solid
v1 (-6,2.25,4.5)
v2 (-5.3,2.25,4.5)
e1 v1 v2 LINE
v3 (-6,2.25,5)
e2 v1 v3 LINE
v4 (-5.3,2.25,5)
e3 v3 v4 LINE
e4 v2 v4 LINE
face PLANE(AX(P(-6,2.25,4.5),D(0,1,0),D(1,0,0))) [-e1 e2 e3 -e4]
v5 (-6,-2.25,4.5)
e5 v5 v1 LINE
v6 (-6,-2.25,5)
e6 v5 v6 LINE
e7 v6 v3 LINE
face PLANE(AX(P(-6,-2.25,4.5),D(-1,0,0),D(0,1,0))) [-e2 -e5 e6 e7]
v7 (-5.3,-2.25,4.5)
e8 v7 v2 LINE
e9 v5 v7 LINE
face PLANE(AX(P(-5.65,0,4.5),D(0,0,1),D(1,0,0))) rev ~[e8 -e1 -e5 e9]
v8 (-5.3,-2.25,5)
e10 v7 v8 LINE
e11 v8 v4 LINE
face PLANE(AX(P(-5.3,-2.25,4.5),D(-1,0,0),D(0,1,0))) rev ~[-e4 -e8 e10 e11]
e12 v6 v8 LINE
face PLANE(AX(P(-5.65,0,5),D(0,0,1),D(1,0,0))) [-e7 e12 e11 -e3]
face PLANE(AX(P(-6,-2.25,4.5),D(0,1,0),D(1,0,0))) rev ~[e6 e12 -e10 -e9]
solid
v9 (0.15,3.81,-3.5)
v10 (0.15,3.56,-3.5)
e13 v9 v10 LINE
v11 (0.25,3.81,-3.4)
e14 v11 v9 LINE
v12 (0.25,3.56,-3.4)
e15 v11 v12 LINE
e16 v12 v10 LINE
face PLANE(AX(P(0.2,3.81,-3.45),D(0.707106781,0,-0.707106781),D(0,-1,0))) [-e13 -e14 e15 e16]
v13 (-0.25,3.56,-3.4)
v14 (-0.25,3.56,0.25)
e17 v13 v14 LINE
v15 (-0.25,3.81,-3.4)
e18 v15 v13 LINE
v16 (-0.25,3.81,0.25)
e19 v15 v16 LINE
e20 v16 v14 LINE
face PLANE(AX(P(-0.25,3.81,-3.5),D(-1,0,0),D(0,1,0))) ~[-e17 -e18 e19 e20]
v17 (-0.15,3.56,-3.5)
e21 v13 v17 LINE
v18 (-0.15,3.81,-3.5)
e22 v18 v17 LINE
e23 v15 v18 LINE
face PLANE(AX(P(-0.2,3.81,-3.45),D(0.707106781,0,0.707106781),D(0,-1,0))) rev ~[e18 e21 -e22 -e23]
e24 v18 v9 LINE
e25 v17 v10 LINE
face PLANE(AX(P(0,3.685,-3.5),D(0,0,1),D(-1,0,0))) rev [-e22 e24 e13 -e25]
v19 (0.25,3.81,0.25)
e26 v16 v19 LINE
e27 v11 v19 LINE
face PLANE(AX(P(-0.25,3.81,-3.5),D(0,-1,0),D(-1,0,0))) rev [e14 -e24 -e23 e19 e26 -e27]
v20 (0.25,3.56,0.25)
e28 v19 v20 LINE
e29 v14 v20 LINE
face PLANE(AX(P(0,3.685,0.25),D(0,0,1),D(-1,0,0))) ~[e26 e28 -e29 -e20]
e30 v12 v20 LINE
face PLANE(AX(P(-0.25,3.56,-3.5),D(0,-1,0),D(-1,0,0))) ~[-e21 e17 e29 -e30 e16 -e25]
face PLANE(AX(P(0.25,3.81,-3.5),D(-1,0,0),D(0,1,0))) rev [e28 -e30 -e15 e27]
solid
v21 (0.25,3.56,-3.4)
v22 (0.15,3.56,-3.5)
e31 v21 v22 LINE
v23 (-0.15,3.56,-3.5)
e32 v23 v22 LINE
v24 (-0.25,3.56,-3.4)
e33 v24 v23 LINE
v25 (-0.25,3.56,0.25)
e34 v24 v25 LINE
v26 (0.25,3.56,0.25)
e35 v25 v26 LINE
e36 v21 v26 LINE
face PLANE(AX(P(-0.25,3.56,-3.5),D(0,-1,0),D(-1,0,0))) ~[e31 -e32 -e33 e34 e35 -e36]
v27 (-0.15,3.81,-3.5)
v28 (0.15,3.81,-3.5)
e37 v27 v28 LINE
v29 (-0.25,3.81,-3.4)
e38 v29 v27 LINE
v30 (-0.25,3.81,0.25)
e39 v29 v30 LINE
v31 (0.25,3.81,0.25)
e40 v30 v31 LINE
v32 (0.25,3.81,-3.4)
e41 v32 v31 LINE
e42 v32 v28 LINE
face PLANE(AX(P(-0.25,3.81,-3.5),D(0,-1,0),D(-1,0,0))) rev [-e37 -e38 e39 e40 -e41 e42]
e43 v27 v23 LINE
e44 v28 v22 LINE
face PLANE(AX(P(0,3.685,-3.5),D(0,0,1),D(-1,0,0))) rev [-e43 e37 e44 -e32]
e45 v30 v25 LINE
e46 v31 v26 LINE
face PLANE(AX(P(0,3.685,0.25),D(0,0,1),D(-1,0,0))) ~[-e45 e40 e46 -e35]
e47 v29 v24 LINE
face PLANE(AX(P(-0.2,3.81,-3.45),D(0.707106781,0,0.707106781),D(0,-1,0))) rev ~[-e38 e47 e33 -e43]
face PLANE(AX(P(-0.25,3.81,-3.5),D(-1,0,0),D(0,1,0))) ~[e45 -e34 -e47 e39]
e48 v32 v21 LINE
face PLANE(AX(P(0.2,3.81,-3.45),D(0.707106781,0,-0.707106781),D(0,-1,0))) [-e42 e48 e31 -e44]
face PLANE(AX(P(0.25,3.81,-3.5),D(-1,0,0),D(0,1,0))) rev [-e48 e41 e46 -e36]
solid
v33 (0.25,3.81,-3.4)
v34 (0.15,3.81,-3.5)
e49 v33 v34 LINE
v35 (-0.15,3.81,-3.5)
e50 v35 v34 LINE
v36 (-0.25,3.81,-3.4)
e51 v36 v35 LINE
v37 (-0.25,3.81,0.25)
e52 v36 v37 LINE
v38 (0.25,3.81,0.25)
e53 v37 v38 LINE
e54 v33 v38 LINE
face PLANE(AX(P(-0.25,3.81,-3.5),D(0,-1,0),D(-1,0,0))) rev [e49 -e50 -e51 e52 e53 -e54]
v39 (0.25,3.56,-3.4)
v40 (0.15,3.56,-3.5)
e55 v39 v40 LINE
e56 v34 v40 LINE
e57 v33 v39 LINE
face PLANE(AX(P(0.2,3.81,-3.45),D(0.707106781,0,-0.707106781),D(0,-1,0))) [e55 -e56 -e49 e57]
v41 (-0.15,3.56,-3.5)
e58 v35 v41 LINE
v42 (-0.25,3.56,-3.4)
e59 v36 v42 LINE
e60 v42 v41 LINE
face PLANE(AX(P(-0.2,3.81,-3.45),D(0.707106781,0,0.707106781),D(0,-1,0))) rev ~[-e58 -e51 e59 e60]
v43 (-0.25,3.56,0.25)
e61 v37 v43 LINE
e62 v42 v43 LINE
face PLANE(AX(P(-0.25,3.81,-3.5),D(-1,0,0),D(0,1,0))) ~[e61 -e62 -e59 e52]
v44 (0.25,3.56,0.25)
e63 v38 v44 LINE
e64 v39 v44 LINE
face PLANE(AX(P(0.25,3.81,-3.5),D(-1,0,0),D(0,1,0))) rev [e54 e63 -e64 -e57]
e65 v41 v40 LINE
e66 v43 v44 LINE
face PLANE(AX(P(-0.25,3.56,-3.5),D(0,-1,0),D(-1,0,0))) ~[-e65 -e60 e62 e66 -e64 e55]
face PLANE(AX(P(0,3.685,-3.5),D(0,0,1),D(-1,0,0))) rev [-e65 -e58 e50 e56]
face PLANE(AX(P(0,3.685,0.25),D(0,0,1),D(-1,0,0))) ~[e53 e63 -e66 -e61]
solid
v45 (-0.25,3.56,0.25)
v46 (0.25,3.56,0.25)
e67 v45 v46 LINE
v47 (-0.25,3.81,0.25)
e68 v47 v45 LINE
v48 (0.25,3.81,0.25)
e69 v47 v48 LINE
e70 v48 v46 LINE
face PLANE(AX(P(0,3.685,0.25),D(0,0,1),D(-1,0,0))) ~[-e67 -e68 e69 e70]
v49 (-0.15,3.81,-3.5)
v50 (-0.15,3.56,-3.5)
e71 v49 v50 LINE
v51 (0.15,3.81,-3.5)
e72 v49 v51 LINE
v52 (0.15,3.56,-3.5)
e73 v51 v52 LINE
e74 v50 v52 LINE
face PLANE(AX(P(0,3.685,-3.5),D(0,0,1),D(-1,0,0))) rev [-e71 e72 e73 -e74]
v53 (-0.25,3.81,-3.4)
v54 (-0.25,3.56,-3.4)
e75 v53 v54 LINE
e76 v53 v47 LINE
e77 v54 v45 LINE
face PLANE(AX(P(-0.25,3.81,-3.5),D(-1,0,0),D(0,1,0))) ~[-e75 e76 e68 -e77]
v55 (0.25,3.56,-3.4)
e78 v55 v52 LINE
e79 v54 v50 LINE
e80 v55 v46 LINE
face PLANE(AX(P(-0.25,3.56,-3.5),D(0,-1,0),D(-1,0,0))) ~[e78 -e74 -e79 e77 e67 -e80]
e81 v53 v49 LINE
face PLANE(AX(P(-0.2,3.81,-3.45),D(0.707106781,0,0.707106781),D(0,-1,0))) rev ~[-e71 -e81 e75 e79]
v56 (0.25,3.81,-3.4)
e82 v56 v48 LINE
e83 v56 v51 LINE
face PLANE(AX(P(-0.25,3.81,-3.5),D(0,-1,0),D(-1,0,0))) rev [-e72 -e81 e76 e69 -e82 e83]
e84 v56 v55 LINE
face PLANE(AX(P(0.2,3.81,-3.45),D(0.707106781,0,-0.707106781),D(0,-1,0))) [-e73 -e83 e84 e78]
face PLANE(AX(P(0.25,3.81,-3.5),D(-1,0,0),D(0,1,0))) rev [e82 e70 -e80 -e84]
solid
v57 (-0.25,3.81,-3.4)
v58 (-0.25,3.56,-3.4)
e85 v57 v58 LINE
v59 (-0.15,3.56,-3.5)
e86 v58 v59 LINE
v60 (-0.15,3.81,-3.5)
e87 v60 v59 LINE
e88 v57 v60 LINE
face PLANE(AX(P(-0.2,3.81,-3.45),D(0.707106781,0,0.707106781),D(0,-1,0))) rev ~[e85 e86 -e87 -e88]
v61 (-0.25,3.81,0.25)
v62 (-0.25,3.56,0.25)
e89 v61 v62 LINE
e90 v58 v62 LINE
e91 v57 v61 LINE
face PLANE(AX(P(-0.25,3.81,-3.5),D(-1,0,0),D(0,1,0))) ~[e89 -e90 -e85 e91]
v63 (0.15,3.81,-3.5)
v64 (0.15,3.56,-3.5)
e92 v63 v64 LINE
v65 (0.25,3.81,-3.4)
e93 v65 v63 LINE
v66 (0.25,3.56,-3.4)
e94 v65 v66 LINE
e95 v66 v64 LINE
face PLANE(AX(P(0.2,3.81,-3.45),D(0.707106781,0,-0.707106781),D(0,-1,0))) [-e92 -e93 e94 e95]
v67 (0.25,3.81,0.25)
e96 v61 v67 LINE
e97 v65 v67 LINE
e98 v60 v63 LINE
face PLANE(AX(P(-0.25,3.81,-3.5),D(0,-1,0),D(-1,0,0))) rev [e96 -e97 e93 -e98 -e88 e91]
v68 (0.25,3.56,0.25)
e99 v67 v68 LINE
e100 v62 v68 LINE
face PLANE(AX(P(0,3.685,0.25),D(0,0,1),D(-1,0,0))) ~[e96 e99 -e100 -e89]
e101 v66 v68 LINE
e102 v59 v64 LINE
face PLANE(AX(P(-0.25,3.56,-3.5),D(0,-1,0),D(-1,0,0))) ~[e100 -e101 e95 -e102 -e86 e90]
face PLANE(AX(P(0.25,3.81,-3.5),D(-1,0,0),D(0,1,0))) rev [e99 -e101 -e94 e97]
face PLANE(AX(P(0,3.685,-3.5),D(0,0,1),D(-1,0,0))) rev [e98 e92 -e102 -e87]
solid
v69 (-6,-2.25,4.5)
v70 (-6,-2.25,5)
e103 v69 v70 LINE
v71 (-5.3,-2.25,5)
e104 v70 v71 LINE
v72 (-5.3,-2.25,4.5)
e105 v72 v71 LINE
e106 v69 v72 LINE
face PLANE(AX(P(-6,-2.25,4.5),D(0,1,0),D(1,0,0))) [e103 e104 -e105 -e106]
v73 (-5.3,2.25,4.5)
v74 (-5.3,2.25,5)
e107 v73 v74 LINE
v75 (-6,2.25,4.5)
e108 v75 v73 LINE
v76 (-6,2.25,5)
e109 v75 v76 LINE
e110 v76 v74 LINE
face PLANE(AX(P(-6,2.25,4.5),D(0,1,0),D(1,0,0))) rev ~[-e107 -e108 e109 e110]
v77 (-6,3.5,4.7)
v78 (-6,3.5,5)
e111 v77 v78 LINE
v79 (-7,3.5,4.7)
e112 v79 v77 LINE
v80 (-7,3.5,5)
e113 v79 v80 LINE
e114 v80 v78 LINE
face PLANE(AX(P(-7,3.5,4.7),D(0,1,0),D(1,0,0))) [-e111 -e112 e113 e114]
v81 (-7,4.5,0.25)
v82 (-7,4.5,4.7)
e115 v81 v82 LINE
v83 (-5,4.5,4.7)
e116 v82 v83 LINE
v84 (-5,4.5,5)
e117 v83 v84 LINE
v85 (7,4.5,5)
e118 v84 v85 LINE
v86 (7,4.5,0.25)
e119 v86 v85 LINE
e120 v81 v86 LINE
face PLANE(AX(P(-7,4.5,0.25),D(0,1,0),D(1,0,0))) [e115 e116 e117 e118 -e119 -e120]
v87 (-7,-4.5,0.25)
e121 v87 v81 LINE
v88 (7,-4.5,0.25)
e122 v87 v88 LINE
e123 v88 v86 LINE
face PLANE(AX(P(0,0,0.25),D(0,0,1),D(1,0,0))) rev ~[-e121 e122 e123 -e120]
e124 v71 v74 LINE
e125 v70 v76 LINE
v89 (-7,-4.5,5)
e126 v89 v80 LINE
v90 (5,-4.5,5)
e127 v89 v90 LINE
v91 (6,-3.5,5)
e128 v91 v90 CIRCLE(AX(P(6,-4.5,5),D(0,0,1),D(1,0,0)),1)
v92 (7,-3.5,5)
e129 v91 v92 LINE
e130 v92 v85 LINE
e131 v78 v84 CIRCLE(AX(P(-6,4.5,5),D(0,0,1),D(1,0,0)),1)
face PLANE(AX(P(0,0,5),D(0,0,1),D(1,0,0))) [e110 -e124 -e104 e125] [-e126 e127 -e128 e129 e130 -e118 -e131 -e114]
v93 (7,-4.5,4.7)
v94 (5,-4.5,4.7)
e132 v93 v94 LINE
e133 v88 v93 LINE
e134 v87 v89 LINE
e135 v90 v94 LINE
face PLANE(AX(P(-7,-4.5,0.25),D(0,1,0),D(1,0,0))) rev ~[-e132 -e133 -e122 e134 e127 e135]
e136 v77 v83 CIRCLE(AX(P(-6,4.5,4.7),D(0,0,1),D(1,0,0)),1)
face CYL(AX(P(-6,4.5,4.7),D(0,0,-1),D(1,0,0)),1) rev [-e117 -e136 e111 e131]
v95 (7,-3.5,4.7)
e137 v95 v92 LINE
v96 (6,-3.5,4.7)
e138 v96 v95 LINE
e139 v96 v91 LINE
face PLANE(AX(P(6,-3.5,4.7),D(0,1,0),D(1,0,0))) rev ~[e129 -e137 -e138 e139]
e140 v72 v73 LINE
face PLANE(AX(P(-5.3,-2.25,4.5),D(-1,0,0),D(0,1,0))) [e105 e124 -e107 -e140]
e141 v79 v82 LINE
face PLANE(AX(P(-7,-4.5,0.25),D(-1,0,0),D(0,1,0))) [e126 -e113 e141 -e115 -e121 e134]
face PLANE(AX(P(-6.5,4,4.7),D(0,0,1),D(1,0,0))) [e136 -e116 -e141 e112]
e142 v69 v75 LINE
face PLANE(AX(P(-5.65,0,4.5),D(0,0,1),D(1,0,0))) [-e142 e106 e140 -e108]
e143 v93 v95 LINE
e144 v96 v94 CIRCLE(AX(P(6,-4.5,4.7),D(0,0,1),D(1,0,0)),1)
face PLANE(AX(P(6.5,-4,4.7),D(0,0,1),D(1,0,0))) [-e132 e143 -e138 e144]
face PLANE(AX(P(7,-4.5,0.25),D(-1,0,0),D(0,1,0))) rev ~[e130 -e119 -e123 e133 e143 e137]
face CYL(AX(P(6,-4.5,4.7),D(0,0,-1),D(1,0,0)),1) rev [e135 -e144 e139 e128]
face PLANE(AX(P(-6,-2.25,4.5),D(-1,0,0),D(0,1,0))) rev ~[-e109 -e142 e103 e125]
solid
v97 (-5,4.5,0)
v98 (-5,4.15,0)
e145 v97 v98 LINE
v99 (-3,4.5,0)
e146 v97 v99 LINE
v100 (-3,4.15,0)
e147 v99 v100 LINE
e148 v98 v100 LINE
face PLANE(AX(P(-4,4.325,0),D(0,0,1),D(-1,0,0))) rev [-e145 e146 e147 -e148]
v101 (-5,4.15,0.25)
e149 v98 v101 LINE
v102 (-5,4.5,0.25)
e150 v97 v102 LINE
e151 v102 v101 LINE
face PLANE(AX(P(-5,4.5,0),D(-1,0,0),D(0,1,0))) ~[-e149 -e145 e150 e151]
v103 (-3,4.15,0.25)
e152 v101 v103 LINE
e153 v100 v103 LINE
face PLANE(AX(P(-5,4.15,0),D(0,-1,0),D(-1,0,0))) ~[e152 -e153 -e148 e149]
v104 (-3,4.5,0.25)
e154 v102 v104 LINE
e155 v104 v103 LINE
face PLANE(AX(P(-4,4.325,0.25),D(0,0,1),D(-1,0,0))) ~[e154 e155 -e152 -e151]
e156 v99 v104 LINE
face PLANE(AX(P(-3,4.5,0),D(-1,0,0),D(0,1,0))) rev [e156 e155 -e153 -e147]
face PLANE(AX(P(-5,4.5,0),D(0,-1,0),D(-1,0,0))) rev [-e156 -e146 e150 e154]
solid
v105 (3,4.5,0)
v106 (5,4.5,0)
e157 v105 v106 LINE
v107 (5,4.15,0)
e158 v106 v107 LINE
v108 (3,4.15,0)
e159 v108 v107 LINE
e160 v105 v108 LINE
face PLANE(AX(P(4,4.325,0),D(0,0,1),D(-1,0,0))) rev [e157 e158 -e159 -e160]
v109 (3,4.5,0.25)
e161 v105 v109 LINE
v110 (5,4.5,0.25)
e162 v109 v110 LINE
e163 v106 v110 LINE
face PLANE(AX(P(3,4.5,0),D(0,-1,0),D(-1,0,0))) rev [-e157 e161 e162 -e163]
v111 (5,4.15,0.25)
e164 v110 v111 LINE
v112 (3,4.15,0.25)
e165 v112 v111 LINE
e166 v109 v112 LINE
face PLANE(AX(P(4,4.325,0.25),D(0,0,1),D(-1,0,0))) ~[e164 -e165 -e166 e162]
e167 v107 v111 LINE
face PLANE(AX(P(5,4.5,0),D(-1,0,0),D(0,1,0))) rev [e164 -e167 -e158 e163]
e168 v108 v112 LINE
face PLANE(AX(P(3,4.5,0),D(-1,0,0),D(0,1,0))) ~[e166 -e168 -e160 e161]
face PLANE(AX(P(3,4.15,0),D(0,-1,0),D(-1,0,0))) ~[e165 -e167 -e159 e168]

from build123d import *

# Parameters (mm, degrees)
BOX001_W          = 0.7
BOX001_H          = 4.5
BOX001_DEPTH      = 0.5
CYLINDER_R        = 1
CYLINDER_DEPTH    = 0.3
BOX003_W          = 1
BOX003_H          = 1
BOX003_DEPTH      = 0.3
CYLINDER001_R     = 1
CYLINDER001_DEPTH = 0.3
BOX004_W          = 1
BOX004_H          = 1
BOX004_DEPTH      = 0.3
BOX002_W          = 0.7
BOX002_H          = 4.5
BOX002_DEPTH      = 0.5
BOX_W             = 14
BOX_H             = 9
BOX_DEPTH         = 4.75
BOX006_W          = 0.5
BOX006_H          = 0.25
BOX006_DEPTH      = 3.75
CHAMFER_SIZE      = 0.1
CHAMFER001_SIZE   = 0.1
CHAMFER002_SIZE   = 0.1
CHAMFER003_SIZE   = 0.1
CHAMFER004_SIZE   = 0.1
BOX007_W          = 2
BOX007_H          = 0.35
BOX007_DEPTH      = 0.25
BOX005_W          = 2
BOX005_H          = 0.35
BOX005_DEPTH      = 0.25


with BuildPart() as cube001:
    # Box001 → Box001 (new body)
    with BuildSketch(Plane(origin=(-6, -2.25, 4.5), x_dir=(1, 0, 0), z_dir=(0, 0, 1))):
        with Locations((0.35, 2.25)):
            Rectangle(BOX001_W, BOX001_H)
    extrude(amount=BOX001_DEPTH)


with BuildPart() as cylinder:
    # Cylinder → Cylinder (new body)
    with BuildSketch(Plane(origin=(6, -4.5, 4.7), x_dir=(1, 0, 0), z_dir=(0, 0, 1))):
        Circle(CYLINDER_R)
    extrude(amount=CYLINDER_DEPTH)


with BuildPart() as cube003:
    # Box003 → Box003 (new body)
    with BuildSketch(Plane(origin=(6, -4.5, 4.7), x_dir=(1, 0, 0), z_dir=(0, 0, 1))):
        with Locations((0.5, 0.5)):
            Rectangle(BOX003_W, BOX003_H)
    extrude(amount=BOX003_DEPTH)


with BuildPart() as cylinder001:
    # Cylinder001 → Cylinder001 (new body)
    with BuildSketch(Plane(origin=(-6, 4.5, 4.7), x_dir=(1, 0, 0), z_dir=(0, 0, 1))):
        Circle(CYLINDER001_R)
    extrude(amount=CYLINDER001_DEPTH)


with BuildPart() as cube004:
    # Box004 → Box004 (new body)
    with BuildSketch(Plane(origin=(-7, 3.5, 4.7), x_dir=(1, 0, 0), z_dir=(0, 0, 1))):
        with Locations((0.5, 0.5)):
            Rectangle(BOX004_W, BOX004_H)
    extrude(amount=BOX004_DEPTH)


with BuildPart() as cube002:
    # Box002 → Box002 (new body)
    with BuildSketch(Plane(origin=(-6, -2.25, 4.5), x_dir=(1, 0, 0), z_dir=(0, 0, 1))):
        with Locations((0.35, 2.25)):
            Rectangle(BOX002_W, BOX002_H)
    extrude(amount=BOX002_DEPTH)


with BuildPart() as cut004:
    # Box → Box (new body)
    with BuildSketch(Plane(origin=(-7, -4.5, 0.25), x_dir=(1, 0, 0), z_dir=(0, 0, 1))):
        with Locations((7, 4.5)):
            Rectangle(BOX_W, BOX_H)
    extrude(amount=BOX_DEPTH)

    # Cut: cut Cube002
    add(cube002.part, mode=Mode.SUBTRACT)

    # Cut001: cut Cube004
    add(cube004.part, mode=Mode.SUBTRACT)

    # Cut002: cut Cylinder001
    add(cylinder001.part, mode=Mode.SUBTRACT)

    # Cut003: cut Cube003
    add(cube003.part, mode=Mode.SUBTRACT)

    # Cut004: cut Cylinder
    add(cylinder.part, mode=Mode.SUBTRACT)


with BuildPart() as cube006:
    # Box006 → Box006 (new body)
    with BuildSketch(Plane(origin=(-0.25, -3.81, -3.5), x_dir=(1, 0, 0), z_dir=(0, 0, 1))):
        with Locations((0.25, 0.125)):
            Rectangle(BOX006_W, BOX006_H)
    extrude(amount=BOX006_DEPTH)


with BuildPart() as pin3:
    # Chamfer base: copy of Cube006
    add(cube006.part)

    # Chamfer
    chamfer_edges = [pin3.edges().sort_by_distance(p)[0] for p in [
        (-0.25, -3.685, -3.5),
        (0.25, -3.685, -3.5),
    ]]
    chamfer(chamfer_edges, length=CHAMFER_SIZE)


with BuildPart() as part_mirroring:
    # Part__Mirroring: instance of pin3
    add(pin3.part.mirror(Plane(origin=(0, 0, -1.625), x_dir=(1, 0, 0), z_dir=(0, 1, 0))))


with BuildPart() as pin4:
    # Chamfer001 base: copy of Cube006
    add(cube006.part)

    # Chamfer001
    chamfer001_edges = [pin4.edges().sort_by_distance(p)[0] for p in [
        (-0.25, -3.685, -3.5),
        (0.25, -3.685, -3.5),
    ]]
    chamfer(chamfer001_edges, length=CHAMFER001_SIZE)


with BuildPart() as pin4_1:
    # Chamfer001 placement: moved
    add(pin4.part.moved(Location((2.54, 0, 0))))


with BuildPart() as part_mirroring001:
    # Part__Mirroring001: instance of pin4
    add(pin4_1.part.mirror(Plane(origin=(2.54, 0, -1.625), x_dir=(1, 0, 0), z_dir=(0, 1, 0))))


with BuildPart() as pin5:
    # Chamfer002 base: copy of Cube006
    add(cube006.part)

    # Chamfer002
    chamfer002_edges = [pin5.edges().sort_by_distance(p)[0] for p in [
        (-0.25, -3.685, -3.5),
        (0.25, -3.685, -3.5),
    ]]
    chamfer(chamfer002_edges, length=CHAMFER002_SIZE)


with BuildPart() as pin5_1:
    # Chamfer002 placement: moved
    add(pin5.part.moved(Location((5.08, 0, 0))))


with BuildPart() as part_mirroring002:
    # Part__Mirroring002: instance of pin5
    add(pin5_1.part.mirror(Plane(origin=(5.08, 0, -1.625), x_dir=(1, 0, 0), z_dir=(0, 1, 0))))


with BuildPart() as pin2:
    # Chamfer003 base: copy of Cube006
    add(cube006.part)

    # Chamfer003
    chamfer003_edges = [pin2.edges().sort_by_distance(p)[0] for p in [
        (-0.25, -3.685, -3.5),
        (0.25, -3.685, -3.5),
    ]]
    chamfer(chamfer003_edges, length=CHAMFER003_SIZE)


with BuildPart() as pin2_1:
    # Chamfer003 placement: moved
    add(pin2.part.moved(Location((-2.54, 0, 0))))


with BuildPart() as part_mirroring003:
    # Part__Mirroring003: instance of pin2
    add(pin2_1.part.mirror(Plane(origin=(0, 0, 0), x_dir=(1, 0, 0), z_dir=(0, 1, 0))))


with BuildPart() as pin1:
    # Chamfer004 base: copy of Cube006
    add(cube006.part)

    # Chamfer004
    chamfer004_edges = [pin1.edges().sort_by_distance(p)[0] for p in [
        (-0.25, -3.685, -3.5),
        (0.25, -3.685, -3.5),
    ]]
    chamfer(chamfer004_edges, length=CHAMFER004_SIZE)


with BuildPart() as pin1_1:
    # Chamfer004 placement: moved
    add(pin1.part.moved(Location((-5.08, 0, 0))))


with BuildPart() as part_mirroring004:
    # Part__Mirroring004: instance of pin1
    add(pin1_1.part.mirror(Plane(origin=(0, 0, 0), x_dir=(1, 0, 0), z_dir=(0, 1, 0))))


with BuildPart() as sup1:
    # Box007 → Box007 (new body)
    with BuildSketch(Plane(origin=(-5, -4.5, 0), x_dir=(1, 0, 0), z_dir=(0, 0, 1))):
        with Locations((1, 0.175)):
            Rectangle(BOX007_W, BOX007_H)
    extrude(amount=BOX007_DEPTH)


with BuildPart() as part_mirroring005:
    # Part__Mirroring005: instance of sup1
    add(sup1.part.mirror(Plane(origin=(0, 0, 0), x_dir=(1, 0, 0), z_dir=(0, 1, 0))))


with BuildPart() as sup2:
    # Box005 → Box005 (new body)
    with BuildSketch(Plane(origin=(3, -4.5, 0), x_dir=(1, 0, 0), z_dir=(0, 0, 1))):
        with Locations((1, 0.175)):
            Rectangle(BOX005_W, BOX005_H)
    extrude(amount=BOX005_DEPTH)


with BuildPart() as part_mirroring006:
    # Part__Mirroring006: instance of sup2
    add(sup2.part.mirror(Plane(origin=(0, 0, 0), x_dir=(1, 0, 0), z_dir=(0, 1, 0))))


solid = Compound([cube001.part, cut004.part, part_mirroring.part, part_mirroring001.part, part_mirroring002.part, part_mirroring003.part, part_mirroring004.part, part_mirroring005.part, part_mirroring006.part])
